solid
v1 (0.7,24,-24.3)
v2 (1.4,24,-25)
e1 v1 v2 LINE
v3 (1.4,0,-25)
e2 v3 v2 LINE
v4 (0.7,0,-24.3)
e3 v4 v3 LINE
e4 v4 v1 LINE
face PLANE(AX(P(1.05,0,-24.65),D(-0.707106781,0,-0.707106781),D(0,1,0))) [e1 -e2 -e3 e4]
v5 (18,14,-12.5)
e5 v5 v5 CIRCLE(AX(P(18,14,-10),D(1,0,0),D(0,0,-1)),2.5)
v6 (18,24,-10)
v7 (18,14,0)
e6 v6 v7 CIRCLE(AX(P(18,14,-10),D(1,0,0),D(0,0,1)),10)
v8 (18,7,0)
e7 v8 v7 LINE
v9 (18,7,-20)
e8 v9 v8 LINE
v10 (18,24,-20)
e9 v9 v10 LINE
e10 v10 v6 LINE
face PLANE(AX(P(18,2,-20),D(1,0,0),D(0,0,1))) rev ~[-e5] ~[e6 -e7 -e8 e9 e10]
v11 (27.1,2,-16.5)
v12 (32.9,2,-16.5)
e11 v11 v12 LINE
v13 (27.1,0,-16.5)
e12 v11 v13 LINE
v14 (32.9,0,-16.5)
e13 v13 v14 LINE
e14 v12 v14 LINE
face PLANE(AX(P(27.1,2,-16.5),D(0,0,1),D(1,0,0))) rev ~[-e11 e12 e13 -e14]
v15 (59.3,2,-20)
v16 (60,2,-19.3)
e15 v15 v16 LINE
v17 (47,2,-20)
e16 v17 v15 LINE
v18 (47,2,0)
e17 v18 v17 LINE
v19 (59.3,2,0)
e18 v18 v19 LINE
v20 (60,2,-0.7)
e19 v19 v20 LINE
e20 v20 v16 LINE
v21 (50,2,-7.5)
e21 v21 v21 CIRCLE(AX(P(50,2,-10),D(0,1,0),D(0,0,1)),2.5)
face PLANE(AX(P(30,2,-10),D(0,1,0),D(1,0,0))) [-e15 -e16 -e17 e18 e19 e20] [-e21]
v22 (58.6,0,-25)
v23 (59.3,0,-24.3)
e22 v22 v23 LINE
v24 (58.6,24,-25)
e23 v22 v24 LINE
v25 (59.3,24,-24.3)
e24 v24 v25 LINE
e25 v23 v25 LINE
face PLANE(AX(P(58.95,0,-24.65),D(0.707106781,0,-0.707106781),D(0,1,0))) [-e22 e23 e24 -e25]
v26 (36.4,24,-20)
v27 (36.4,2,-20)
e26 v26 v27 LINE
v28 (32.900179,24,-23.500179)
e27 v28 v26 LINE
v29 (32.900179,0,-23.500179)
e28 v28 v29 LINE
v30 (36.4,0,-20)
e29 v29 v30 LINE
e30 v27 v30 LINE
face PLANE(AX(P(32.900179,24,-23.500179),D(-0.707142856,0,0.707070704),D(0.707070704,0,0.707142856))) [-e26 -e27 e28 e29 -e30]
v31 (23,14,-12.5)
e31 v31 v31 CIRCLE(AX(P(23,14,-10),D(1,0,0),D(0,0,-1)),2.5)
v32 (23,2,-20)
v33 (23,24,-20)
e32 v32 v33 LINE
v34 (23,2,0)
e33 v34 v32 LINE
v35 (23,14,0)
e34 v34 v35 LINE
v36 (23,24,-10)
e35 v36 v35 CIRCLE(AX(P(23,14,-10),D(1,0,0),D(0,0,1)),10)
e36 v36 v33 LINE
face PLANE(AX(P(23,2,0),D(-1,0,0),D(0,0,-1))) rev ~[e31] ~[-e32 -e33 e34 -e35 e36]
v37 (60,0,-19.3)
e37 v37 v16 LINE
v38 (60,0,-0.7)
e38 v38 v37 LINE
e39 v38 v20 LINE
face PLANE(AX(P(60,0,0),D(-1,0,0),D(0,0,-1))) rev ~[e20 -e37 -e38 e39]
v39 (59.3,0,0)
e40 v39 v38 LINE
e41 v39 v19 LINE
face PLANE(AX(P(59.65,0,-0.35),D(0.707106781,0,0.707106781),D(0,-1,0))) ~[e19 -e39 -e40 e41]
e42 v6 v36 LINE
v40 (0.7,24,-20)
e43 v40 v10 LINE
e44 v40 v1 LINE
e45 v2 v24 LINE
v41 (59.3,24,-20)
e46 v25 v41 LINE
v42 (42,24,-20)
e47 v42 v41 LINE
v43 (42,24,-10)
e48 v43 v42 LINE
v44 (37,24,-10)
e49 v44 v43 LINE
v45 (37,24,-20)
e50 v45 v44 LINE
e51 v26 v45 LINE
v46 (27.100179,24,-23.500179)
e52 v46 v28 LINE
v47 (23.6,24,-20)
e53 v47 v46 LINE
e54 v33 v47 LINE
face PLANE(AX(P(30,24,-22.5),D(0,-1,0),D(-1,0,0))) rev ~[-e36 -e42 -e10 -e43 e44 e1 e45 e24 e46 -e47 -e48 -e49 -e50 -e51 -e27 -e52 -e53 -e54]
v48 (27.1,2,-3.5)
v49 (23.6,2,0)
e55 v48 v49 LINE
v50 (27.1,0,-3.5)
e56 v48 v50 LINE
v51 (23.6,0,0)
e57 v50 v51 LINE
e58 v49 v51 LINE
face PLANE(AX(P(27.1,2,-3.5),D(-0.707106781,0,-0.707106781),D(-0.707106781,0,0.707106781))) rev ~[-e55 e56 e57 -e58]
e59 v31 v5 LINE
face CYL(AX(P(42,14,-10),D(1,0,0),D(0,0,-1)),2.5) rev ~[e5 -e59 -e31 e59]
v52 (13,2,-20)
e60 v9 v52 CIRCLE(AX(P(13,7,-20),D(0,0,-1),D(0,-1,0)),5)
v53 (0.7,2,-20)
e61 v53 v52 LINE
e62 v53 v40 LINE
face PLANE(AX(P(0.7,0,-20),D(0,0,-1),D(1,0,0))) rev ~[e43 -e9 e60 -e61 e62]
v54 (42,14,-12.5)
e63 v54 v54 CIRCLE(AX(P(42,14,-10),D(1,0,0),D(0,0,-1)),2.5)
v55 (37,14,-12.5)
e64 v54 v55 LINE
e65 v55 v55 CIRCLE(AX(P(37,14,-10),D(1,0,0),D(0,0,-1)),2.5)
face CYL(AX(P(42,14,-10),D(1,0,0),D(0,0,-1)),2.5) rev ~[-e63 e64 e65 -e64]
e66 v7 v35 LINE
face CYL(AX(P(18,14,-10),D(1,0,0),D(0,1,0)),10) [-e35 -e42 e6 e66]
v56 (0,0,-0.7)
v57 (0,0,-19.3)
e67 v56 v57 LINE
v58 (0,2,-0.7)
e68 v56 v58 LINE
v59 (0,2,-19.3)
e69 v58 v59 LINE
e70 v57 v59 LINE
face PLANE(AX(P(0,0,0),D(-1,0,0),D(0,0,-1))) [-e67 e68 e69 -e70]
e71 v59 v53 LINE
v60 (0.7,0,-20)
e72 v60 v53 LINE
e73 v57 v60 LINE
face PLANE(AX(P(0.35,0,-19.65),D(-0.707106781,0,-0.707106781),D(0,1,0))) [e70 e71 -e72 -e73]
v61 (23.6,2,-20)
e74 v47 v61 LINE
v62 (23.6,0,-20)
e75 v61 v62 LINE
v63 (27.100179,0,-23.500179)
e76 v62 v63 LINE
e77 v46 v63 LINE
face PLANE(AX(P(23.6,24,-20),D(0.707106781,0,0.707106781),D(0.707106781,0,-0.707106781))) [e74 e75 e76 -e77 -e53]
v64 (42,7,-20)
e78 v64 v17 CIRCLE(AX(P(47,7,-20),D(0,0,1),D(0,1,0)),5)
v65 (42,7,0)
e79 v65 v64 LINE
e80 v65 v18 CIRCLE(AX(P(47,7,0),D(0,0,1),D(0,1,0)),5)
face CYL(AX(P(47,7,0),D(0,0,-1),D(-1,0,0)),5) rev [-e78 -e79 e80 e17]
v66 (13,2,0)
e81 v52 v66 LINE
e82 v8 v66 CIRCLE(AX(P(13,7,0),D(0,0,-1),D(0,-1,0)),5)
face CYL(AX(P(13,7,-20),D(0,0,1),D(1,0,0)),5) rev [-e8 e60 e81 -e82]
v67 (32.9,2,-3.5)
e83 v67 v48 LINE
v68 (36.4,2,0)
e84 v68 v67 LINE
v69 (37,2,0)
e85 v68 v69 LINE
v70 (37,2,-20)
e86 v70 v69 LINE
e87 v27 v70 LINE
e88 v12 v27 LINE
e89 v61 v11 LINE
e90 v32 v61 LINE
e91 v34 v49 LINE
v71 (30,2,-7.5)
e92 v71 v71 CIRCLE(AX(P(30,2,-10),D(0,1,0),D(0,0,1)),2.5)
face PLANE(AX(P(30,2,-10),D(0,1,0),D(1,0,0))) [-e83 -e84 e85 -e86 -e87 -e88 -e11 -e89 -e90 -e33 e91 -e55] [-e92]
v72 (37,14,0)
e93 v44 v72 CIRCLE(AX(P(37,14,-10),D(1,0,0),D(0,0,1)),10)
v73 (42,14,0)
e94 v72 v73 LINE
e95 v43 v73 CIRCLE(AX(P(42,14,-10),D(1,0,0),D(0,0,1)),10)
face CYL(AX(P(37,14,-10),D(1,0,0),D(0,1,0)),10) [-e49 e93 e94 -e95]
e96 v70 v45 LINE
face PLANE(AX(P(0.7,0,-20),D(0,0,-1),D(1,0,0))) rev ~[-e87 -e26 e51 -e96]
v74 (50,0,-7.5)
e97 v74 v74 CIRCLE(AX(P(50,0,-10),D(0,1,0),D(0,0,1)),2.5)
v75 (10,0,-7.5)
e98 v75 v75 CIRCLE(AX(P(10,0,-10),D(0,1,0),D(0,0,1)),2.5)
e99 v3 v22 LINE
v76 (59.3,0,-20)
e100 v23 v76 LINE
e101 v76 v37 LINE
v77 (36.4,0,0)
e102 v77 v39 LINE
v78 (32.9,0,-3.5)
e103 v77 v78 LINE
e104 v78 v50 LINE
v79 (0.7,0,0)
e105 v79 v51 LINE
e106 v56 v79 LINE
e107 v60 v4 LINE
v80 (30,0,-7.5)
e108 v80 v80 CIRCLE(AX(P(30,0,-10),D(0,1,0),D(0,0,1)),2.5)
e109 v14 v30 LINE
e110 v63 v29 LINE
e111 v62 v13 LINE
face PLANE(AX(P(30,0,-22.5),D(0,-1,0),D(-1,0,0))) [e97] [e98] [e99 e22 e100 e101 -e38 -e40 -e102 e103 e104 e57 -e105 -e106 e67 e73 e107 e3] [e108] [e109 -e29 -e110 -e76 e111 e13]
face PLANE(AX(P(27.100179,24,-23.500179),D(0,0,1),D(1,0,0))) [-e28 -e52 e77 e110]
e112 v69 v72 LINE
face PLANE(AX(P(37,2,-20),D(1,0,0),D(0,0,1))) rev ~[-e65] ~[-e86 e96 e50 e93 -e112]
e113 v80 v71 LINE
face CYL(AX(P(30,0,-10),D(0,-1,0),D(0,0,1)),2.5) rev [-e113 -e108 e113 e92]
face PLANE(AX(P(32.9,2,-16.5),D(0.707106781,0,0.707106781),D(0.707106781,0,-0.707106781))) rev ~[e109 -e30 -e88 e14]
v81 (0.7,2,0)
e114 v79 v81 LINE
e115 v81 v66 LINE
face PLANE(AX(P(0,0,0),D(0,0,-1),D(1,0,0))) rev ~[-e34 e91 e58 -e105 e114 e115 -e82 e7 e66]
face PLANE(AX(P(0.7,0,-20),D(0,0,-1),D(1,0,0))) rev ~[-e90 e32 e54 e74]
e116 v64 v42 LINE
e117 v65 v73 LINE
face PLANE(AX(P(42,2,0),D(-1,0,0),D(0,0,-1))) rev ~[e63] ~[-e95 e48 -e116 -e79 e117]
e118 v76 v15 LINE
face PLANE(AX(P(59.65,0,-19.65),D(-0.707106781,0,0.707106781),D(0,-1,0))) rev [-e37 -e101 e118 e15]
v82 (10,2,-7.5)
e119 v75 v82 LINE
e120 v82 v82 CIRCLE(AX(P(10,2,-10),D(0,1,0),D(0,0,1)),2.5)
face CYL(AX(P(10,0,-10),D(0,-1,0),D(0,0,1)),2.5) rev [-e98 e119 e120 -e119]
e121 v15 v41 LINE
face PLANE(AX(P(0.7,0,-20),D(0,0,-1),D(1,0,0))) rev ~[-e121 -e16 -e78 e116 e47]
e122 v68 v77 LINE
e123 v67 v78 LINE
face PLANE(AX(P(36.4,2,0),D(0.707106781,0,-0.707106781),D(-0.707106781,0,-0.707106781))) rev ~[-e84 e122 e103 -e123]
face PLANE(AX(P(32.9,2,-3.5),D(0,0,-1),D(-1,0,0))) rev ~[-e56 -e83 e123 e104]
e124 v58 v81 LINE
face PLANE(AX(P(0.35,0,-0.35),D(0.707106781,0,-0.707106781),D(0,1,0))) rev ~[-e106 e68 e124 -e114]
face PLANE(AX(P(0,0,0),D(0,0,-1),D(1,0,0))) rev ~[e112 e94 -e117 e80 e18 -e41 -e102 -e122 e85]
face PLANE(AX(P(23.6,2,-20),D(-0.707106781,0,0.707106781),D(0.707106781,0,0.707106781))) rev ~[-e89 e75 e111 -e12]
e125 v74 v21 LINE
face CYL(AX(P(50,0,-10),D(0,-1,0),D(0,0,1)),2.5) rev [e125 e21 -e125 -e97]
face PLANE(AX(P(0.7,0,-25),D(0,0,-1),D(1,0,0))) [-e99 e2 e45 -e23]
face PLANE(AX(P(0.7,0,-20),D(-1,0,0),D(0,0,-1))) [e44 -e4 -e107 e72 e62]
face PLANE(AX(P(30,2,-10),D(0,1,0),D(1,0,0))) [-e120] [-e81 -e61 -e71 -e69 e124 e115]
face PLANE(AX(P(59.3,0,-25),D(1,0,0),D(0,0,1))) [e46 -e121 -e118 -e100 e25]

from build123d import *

# Parameters (mm, degrees)
SKETCH1_W           = 60
SKETCH1_H           = 20
SKETCH1_R           = 2.5
BOSS_EXTRUDE1_DEPTH = 2
FILLET1_SIZE        = 0.7
CUT_EXTRUDE2_DEPTH  = 2
BOSS_EXTRUDE3_DEPTH = 22
BOSS_EXTRUDE4_DEPTH = 24
CUT_EXTRUDE3_DEPTH  = 24
SKETCH6_R           = 2.5
CUT_EXTRUDE4_DEPTH  = 55.45181356
FILLET2_R           = 10
FILLET4_R           = 5
CHAMFER1_SIZE       = 0.7


with BuildPart() as part:
    # Sketch1 → Boss-Extrude1 (new body)
    with BuildSketch(Plane(origin=(0, 0, 0), x_dir=(1, 0, 0), z_dir=(0, 1, 0))):
        with Locations((30, 10)):
            Rectangle(SKETCH1_W, SKETCH1_H)
        with Locations(Location((10, 10, 0), (0, 0, 270))):
            Circle(SKETCH1_R, mode=Mode.SUBTRACT)
        with Locations(Location((30, 10, 0), (0, 0, 270))):
            Circle(SKETCH1_R, mode=Mode.SUBTRACT)
        with Locations(Location((50, 10, 0), (0, 0, 270))):
            Circle(SKETCH1_R, mode=Mode.SUBTRACT)
    extrude(amount=BOSS_EXTRUDE1_DEPTH)

    # Fillet1
    fillet1_edges = [part.edges().sort_by_distance(p)[0] for p in [
        (0, 1, -20),
        (60, 1, -20),
        (60, 1, 0),
        (0, 1, 0),
    ]]
    chamfer(fillet1_edges, length=FILLET1_SIZE)

    # Sketch2 → Cut-Extrude2 (cut)
    with BuildSketch(Plane(origin=(0, 2, 0), x_dir=(1, 0, 0), z_dir=(0, 1, 0))):
        Polygon((30, 20), (30, 16.5), (32.9, 16.5), (36.4, 20), (32.9, 20), align=None)
        Polygon((27.1, 16.5), (30, 16.5), (30, 20), (27.1, 20), (23.6, 20), align=None)
        Polygon((30, 0), (30, 3.5), (27.1, 3.5), (23.6, 0), (27.1, 0), align=None)
        Polygon((32.9, 3.5), (30, 3.5), (30, 0), (32.9, 0), (36.4, 0), align=None)
    extrude(amount=-CUT_EXTRUDE2_DEPTH, mode=Mode.SUBTRACT)

    # Sketch3 → Boss-Extrude3 (add)
    with BuildSketch(Plane(origin=(0, 2, 0), x_dir=(1, 0, 0), z_dir=(0, 1, 0))):
        Polygon((23, 0), (23, 10), (23, 20), (18, 20), (18, 0), align=None)
        Polygon((37, 20), (37, 10), (37, 0), (42, 0), (42, 20), align=None)
    extrude(amount=BOSS_EXTRUDE3_DEPTH)

    # Sketch4 → Boss-Extrude4 (add)
    with BuildSketch(Plane(origin=(0, 0, 0), x_dir=(1, 0, 0), z_dir=(0, 1, 0))):
        Polygon((0.7, 20), (0.7, 25), (59.3, 25), (59.3, 20), (23.6, 20), align=None)
    extrude(amount=BOSS_EXTRUDE4_DEPTH)

    # Sketch5 → Cut-Extrude3 (cut)
    with BuildSketch(Plane(origin=(0, 24, 0), x_dir=(1, 0, 0), z_dir=(0, 1, 0))):
        Polygon((23.6, 20), (27.100178567, 23.500178567), (32.900178567, 23.500178567), (36.4, 20), align=None)
    extrude(amount=-CUT_EXTRUDE3_DEPTH, mode=Mode.SUBTRACT)

    # Sketch6 → Cut-Extrude4 (cut, through all)
    with BuildSketch(Plane(origin=(42, 0, 0), x_dir=(0, 0, -1), z_dir=(1, 0, 0))):
        with Locations((10, 14)):
            Circle(SKETCH6_R)
    extrude(amount=-CUT_EXTRUDE4_DEPTH, mode=Mode.SUBTRACT)

    # Fillet2
    fillet2_edges = [part.edges().sort_by_distance(p)[0] for p in [
        (20.5, 24, 0),
        (39.5, 24, 0),
    ]]
    fillet(fillet2_edges, radius=FILLET2_R)

    # Fillet4
    fillet4_edges = [part.edges().sort_by_distance(p)[0] for p in [
        (18, 2, -10),
        (42, 2, -10),
    ]]
    fillet(fillet4_edges, radius=FILLET4_R)

    # Chamfer1
    chamfer1_edges = [part.edges().sort_by_distance(p)[0] for p in [
        (59.3, 12, -25),
        (0.7, 12, -25),
    ]]
    chamfer(chamfer1_edges, length=CHAMFER1_SIZE)


solid = part.part
